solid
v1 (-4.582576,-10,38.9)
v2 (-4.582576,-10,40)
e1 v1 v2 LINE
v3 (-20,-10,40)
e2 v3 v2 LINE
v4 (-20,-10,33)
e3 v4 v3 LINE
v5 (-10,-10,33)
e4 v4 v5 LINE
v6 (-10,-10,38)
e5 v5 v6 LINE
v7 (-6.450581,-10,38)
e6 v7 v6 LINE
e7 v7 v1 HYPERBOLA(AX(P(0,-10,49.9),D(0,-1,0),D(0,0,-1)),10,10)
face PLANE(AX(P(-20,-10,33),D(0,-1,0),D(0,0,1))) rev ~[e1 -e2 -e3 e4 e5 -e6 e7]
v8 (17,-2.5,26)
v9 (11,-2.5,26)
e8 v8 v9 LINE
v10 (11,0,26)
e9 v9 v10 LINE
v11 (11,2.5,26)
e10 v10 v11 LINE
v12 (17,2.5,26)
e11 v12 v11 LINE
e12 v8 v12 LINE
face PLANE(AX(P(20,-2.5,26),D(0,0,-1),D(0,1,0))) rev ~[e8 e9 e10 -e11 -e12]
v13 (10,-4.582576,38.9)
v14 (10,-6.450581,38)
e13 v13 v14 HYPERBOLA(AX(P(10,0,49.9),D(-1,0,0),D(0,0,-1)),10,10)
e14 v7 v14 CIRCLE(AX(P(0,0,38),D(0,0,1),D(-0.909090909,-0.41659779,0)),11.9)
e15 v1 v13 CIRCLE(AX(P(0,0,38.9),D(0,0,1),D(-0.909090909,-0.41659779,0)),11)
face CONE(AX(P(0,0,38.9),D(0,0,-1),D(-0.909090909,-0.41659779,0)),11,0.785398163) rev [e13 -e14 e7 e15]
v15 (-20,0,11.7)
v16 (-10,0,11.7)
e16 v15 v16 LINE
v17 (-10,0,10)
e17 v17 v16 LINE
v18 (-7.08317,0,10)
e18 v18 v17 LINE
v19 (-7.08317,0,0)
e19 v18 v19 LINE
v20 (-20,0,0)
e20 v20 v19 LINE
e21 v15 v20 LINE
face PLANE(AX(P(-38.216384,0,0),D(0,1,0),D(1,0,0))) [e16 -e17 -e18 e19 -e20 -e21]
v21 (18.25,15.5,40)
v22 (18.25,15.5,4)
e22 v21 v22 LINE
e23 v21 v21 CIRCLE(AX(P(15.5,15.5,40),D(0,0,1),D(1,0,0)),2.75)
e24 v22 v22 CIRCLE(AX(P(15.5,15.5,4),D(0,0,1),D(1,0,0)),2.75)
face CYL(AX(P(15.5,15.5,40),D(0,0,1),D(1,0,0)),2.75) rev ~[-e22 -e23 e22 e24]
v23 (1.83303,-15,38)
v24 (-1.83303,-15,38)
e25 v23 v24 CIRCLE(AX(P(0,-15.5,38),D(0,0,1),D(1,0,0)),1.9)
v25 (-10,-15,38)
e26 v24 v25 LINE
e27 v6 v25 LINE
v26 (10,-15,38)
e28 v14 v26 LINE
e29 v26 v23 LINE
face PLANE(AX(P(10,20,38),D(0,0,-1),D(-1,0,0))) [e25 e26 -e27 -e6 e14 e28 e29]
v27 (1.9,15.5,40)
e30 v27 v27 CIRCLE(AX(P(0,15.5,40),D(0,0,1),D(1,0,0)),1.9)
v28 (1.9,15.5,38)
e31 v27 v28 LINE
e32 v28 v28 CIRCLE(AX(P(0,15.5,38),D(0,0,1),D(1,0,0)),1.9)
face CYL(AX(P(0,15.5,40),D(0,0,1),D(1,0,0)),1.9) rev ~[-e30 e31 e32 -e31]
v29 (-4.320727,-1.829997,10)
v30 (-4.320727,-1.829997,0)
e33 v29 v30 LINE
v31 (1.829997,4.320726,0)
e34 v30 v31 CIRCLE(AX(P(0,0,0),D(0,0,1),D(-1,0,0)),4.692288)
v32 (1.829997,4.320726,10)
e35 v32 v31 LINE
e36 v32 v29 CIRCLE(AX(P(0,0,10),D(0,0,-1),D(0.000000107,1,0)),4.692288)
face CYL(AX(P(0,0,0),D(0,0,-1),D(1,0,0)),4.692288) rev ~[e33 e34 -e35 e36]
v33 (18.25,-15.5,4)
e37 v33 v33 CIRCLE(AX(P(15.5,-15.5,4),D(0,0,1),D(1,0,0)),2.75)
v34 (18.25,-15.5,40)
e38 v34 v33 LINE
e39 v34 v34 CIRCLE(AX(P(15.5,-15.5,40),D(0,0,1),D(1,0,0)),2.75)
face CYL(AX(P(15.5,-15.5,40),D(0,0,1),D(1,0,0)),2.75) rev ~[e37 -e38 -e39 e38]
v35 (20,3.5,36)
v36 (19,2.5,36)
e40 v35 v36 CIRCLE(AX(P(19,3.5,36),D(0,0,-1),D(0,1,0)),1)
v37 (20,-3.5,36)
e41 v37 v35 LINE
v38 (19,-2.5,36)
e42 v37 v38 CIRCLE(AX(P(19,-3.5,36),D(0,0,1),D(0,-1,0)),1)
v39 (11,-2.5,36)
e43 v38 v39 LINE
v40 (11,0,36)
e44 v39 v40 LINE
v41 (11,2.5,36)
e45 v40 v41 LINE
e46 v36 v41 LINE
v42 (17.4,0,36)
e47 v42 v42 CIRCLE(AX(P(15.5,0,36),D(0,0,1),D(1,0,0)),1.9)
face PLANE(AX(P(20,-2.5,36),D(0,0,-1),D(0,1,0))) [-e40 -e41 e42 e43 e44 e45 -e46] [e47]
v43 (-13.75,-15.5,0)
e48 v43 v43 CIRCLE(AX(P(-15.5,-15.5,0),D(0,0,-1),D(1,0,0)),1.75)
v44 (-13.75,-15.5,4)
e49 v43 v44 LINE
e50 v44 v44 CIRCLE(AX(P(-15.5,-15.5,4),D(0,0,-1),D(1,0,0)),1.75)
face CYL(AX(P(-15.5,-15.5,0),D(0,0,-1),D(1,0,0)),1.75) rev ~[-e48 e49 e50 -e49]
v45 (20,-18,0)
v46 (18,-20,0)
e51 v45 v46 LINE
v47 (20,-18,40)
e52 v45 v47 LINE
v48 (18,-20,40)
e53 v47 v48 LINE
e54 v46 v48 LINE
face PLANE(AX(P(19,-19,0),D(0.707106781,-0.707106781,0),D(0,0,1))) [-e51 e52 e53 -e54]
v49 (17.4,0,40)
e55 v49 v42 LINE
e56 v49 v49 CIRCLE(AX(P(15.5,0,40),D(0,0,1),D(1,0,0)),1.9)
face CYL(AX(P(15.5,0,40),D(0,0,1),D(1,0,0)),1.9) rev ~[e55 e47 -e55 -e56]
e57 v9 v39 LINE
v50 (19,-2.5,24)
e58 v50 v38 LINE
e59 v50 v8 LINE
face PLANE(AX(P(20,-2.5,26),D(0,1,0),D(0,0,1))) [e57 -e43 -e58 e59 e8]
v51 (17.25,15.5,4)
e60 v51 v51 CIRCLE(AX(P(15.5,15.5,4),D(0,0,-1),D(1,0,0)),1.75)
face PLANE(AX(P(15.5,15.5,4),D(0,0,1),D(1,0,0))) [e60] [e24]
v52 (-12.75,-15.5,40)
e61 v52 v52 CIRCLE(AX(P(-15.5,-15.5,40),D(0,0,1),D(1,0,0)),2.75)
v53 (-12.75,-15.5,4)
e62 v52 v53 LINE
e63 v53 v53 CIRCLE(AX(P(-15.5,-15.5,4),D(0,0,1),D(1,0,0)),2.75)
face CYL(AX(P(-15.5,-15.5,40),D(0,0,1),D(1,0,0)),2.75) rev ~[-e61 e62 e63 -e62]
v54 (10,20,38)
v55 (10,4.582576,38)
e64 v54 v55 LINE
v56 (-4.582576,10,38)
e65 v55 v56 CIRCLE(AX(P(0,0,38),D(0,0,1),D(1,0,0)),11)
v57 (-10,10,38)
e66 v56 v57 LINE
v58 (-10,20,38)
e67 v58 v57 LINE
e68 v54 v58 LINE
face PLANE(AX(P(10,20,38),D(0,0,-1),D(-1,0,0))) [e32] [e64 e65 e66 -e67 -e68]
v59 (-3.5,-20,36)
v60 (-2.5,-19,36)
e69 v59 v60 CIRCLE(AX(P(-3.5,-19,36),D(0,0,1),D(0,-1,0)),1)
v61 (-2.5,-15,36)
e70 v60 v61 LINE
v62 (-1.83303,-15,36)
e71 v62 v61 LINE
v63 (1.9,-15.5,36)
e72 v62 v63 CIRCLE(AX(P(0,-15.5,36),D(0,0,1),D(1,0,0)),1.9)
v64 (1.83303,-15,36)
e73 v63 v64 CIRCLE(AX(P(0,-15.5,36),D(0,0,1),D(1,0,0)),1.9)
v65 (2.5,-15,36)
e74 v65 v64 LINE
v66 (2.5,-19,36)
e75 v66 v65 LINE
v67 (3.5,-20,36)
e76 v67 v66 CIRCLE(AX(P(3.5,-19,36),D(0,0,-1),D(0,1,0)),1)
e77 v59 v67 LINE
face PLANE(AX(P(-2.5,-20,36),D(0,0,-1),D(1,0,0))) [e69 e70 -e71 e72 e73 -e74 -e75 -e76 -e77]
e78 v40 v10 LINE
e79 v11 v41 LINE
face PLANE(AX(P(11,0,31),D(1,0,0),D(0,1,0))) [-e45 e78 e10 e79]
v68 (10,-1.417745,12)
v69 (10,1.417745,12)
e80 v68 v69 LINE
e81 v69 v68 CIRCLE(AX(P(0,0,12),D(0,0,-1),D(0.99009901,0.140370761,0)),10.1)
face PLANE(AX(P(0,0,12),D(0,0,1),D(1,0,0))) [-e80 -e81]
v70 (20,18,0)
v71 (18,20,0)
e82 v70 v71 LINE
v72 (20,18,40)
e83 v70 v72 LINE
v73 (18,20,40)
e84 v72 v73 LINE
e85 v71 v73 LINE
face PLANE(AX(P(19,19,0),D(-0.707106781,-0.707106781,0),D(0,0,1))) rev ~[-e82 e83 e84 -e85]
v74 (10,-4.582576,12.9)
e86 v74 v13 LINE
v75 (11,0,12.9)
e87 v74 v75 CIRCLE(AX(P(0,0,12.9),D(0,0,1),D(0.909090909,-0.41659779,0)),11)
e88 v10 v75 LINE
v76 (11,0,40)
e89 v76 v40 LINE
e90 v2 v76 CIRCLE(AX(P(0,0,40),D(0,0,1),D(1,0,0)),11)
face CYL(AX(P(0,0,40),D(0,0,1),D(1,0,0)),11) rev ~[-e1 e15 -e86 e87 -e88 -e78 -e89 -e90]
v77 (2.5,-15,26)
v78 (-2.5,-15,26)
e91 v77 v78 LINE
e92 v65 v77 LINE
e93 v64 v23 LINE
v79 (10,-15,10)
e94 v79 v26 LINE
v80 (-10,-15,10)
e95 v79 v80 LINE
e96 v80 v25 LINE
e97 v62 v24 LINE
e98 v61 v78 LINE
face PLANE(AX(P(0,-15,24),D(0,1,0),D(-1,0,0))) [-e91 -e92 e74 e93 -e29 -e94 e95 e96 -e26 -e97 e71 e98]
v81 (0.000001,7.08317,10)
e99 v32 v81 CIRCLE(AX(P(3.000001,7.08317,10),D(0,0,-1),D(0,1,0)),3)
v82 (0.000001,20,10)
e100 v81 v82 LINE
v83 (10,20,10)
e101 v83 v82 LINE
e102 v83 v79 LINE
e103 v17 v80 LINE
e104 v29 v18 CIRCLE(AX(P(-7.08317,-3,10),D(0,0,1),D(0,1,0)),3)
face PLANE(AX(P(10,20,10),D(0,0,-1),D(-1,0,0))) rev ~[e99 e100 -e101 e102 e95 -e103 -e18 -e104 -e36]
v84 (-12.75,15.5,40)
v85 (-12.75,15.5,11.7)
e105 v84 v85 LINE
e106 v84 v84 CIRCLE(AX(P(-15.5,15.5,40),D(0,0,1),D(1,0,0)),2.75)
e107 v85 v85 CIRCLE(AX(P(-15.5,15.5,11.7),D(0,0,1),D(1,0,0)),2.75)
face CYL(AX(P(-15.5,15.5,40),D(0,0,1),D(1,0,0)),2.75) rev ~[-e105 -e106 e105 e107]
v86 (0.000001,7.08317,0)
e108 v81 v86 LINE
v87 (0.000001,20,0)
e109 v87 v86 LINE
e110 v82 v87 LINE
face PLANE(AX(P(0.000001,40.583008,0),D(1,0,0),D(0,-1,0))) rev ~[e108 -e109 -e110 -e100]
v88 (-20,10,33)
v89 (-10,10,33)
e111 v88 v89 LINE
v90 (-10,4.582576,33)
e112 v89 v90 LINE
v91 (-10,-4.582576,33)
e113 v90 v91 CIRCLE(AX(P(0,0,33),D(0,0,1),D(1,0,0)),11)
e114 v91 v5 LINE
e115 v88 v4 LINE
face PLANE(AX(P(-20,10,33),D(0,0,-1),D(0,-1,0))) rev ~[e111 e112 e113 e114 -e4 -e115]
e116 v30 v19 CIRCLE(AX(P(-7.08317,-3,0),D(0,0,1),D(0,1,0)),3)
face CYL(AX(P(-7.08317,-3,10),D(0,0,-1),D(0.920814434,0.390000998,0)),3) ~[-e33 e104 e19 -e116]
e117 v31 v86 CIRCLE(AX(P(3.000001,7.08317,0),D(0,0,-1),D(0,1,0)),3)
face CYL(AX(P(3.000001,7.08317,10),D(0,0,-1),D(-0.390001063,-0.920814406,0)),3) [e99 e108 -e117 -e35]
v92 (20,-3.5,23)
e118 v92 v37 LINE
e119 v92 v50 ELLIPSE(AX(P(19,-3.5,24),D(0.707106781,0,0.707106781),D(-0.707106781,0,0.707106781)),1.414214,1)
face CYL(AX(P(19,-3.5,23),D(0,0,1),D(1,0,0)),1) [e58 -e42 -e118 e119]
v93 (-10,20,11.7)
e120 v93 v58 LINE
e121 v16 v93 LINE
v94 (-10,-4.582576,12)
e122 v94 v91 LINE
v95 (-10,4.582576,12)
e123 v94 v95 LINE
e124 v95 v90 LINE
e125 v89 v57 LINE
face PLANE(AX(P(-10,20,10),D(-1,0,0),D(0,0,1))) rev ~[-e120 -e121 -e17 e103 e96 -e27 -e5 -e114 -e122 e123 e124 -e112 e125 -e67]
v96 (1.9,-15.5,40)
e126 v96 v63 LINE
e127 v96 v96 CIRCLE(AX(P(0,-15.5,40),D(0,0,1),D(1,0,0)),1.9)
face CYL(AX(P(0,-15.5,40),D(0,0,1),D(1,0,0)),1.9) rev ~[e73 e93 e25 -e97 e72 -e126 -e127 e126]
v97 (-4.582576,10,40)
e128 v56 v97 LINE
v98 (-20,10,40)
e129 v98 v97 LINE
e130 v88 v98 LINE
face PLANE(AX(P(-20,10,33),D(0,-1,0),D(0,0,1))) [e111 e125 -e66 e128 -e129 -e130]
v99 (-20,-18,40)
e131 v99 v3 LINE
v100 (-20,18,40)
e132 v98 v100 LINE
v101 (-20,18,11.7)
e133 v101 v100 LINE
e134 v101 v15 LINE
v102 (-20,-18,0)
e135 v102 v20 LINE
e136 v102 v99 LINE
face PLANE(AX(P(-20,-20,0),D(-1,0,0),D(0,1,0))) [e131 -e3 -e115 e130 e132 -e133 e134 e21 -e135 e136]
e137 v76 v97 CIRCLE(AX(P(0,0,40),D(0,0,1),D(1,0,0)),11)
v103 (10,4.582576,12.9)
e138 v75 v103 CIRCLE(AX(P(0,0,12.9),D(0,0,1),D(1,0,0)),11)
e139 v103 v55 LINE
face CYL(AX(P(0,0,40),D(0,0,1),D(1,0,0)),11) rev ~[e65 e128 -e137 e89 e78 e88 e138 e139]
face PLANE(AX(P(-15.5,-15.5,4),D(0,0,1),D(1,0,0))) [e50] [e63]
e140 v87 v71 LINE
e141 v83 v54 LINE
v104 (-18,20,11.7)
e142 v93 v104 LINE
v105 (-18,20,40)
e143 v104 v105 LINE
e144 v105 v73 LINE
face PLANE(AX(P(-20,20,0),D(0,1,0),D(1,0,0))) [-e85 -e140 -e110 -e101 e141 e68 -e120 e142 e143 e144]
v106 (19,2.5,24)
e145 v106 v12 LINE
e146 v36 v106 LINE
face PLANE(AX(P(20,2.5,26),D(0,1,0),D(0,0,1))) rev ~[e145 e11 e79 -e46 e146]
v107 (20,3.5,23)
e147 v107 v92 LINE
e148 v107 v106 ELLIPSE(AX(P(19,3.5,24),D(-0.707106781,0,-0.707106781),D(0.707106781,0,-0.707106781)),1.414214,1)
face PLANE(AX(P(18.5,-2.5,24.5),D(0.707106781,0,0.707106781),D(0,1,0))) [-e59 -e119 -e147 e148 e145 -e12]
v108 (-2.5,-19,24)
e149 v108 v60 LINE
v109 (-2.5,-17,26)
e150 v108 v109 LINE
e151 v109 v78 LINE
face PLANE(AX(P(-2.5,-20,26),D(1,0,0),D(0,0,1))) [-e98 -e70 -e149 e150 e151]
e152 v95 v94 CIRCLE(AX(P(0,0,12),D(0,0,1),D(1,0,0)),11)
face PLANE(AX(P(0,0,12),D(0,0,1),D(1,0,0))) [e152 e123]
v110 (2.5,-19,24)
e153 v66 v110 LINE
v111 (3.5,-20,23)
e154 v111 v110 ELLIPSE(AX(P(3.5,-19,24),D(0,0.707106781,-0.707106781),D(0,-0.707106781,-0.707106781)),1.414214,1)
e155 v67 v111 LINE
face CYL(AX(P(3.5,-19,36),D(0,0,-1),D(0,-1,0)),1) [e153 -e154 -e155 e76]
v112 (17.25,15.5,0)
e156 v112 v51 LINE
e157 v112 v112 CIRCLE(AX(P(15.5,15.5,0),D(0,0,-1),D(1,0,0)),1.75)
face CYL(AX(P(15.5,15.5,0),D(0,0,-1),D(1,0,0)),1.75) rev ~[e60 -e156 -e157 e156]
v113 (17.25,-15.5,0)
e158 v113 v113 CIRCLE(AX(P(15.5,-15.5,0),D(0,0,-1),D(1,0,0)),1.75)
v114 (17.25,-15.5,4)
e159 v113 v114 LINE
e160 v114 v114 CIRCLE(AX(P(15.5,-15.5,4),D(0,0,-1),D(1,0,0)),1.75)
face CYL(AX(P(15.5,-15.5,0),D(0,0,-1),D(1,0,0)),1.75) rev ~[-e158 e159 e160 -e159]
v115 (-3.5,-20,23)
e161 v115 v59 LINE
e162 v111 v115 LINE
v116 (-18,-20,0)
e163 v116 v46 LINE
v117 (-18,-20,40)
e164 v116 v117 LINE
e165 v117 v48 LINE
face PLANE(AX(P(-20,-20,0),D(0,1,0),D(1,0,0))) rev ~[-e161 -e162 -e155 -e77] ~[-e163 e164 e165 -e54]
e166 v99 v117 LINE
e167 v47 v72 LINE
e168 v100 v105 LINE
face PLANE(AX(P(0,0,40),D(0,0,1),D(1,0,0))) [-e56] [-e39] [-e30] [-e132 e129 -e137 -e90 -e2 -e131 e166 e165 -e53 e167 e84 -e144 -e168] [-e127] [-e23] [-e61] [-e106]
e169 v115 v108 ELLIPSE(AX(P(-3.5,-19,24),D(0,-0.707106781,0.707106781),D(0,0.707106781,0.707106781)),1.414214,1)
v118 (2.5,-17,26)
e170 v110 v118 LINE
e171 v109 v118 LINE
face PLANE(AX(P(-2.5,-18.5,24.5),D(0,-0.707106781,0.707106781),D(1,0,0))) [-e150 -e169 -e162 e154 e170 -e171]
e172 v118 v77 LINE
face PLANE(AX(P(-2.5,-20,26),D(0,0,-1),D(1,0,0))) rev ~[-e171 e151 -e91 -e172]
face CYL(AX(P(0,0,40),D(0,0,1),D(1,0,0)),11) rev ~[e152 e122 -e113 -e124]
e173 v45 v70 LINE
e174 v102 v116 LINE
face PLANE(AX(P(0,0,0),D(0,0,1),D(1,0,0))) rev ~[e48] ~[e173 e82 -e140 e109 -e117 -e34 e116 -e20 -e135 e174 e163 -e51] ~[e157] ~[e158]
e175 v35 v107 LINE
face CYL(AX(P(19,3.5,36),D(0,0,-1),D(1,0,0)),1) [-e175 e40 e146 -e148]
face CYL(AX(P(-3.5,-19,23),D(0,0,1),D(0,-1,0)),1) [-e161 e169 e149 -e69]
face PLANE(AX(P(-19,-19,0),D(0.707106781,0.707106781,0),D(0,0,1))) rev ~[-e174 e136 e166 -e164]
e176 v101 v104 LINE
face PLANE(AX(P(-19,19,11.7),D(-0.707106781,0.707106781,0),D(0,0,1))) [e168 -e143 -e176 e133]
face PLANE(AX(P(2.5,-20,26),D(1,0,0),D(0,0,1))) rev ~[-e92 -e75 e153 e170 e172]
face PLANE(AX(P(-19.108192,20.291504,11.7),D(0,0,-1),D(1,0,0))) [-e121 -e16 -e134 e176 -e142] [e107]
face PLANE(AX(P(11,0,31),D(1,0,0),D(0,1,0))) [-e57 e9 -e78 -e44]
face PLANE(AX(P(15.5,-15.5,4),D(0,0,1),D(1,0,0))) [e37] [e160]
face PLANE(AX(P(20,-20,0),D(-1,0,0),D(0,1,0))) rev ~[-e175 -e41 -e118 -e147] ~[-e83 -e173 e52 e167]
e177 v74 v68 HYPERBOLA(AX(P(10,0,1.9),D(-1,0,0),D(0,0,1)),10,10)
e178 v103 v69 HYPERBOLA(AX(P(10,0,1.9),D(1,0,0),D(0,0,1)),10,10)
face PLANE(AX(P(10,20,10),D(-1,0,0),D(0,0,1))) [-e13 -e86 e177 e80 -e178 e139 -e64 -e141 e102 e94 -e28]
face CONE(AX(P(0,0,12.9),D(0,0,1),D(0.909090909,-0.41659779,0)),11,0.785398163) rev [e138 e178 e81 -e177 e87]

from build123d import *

# Parameters (mm, degrees)
SKETCH004_W     = 40
SKETCH004_H     = 40
PAD001_DEPTH    = 40
SKETCH005_W     = 38.216385
SKETCH005_H     = 40.583008
POCKET002_DEPTH = 11.7
SKETCH006_R     = 1.75
POCKET003_DEPTH = 40.001
SKETCH007_W     = 20
SKETCH007_H     = 28
POCKET004_DEPTH = 35
SKETCH009_R     = 11
POCKET005_DEPTH = 28
SKETCH011_R     = 2.75
POCKET006_DEPTH = 36
SKETCH012_R     = 1.9
POCKET007_DEPTH = 7
CHAMFER003_SIZE = 0.9
SKETCH020_R     = 4.692288
POCKET013_DEPTH = 40.001
FILLET_R        = 3
SKETCH021_W     = 5
SKETCH021_H     = 10
POCKET014_DEPTH = 9
SKETCH022_W     = 5
SKETCH022_H     = 10
POCKET015_DEPTH = 12
SKETCH023_W     = 20
SKETCH023_H     = 14.49538
POCKET016_DEPTH = 20
CHAMFER006_SIZE = 3
CHAMFER007_SIZE = 2
FILLET001_R     = 1


with BuildPart() as part:
    # Sketch004 → Pad001 (new body)
    with BuildSketch(Plane.XY):
        Rectangle(SKETCH004_W, SKETCH004_H)
    extrude(amount=PAD001_DEPTH)

    # Sketch005 (on Face5 of Pad001) → Pocket002 (cut)
    with BuildSketch(Plane(origin=(0, 0, 0), x_dir=(1, 0, 0), z_dir=(0, 0, -1))):
        with Locations((-19.108192, -20.291504)):
            Rectangle(SKETCH005_W, SKETCH005_H)
    extrude(amount=-POCKET002_DEPTH, mode=Mode.SUBTRACT)

    # Sketch006 (on Face4 of Pocket002) → Pocket003 (cut, through all)
    with BuildSketch(Plane(origin=(0, 0, 0), x_dir=(1, 0, 0), z_dir=(0, 0, -1))):
        with Locations((-15.5, 15.5)):
            Circle(SKETCH006_R)
        with Locations((15.5, 15.5)):
            Circle(SKETCH006_R)
        with Locations((-15.5, -15.5)):
            Circle(SKETCH006_R)
        with Locations((15.5, -15.5)):
            Circle(SKETCH006_R)
    extrude(amount=-POCKET003_DEPTH, mode=Mode.SUBTRACT)

    # Sketch007 (on Face1 of Pocket003) → Pocket004 (cut)
    with BuildSketch(Plane(origin=(0, 20, 0), x_dir=(-1, 0, 0), z_dir=(0, 1, 0))):
        with Locations((0, 24)):
            Rectangle(SKETCH007_W, SKETCH007_H)
    extrude(amount=-POCKET004_DEPTH, mode=Mode.SUBTRACT)

    # Sketch009 (on Face9 of Pocket004) → Pocket005 (cut)
    with BuildSketch(Plane.XY.offset(40)):
        Circle(SKETCH009_R)
    extrude(amount=-POCKET005_DEPTH, mode=Mode.SUBTRACT)

    # Sketch011 (on Face9 of Pocket005) → Pocket006 (cut)
    with BuildSketch(Plane.XY.offset(40)):
        with Locations((-15.5, -15.5)):
            Circle(SKETCH011_R)
        with Locations((-15.5, 15.5)):
            Circle(SKETCH011_R)
        with Locations((15.5, 15.5)):
            Circle(SKETCH011_R)
        with Locations((15.5, -15.5)):
            Circle(SKETCH011_R)
    extrude(amount=-POCKET006_DEPTH, mode=Mode.SUBTRACT)

    # Sketch012 (on Face9 of Pocket006) → Pocket007 (cut)
    with BuildSketch(Plane.XY.offset(40)):
        with Locations((0, 15.5)):
            Circle(SKETCH012_R)
        with Locations((15.5, 0)):
            Circle(SKETCH012_R)
        with Locations((0, -15.5)):
            Circle(SKETCH012_R)
        with Locations((-15.5, 0)):
            Circle(SKETCH012_R)
    extrude(amount=-POCKET007_DEPTH, mode=Mode.SUBTRACT)

    # Chamfer003
    chamfer003_edges = [part.edges().sort_by_distance(p)[0] for p in [
        (10.747093, 2.345208, 12),
        (0, -11, 38),
        (10.747093, -2.345208, 12),
    ]]
    chamfer(chamfer003_edges, length=CHAMFER003_SIZE)

    # Sketch020 (on Face19 of Chamfer003) → Pocket013 (cut, through all)
    with BuildSketch(Plane(origin=(0, 0, 0), x_dir=(1, 0, 0), z_dir=(0, 0, -1))):
        Circle(SKETCH020_R)
    extrude(amount=-POCKET013_DEPTH, mode=Mode.SUBTRACT)

    # Fillet
    fillet_edges = [part.edges().sort_by_distance(p)[0] for p in [
        (-4.692288, 0, 5),
        (0, 4.692288, 5),
    ]]
    fillet(fillet_edges, radius=FILLET_R)

    # Sketch021 (on Face22 of Fillet) → Pocket014 (cut)
    with BuildSketch(Plane.YZ.offset(20)):
        with Locations((0, 31)):
            Rectangle(SKETCH021_W, SKETCH021_H)
    extrude(amount=-POCKET014_DEPTH, mode=Mode.SUBTRACT)

    # Sketch022 → Pocket015 (cut)
    with BuildSketch(Plane.XZ.offset(20)):
        with Locations((0, 31)):
            Rectangle(SKETCH022_W, SKETCH022_H)
    extrude(amount=-POCKET015_DEPTH, mode=Mode.SUBTRACT)

    # Sketch023 (on Face13 of Pocket015) → Pocket016 (cut)
    with BuildSketch(Plane(origin=(-20, 0, 0), x_dir=(0, -1, 0), z_dir=(-1, 0, 0))):
        with Locations((0, 40.24769)):
            Rectangle(SKETCH023_W, SKETCH023_H)
    extrude(amount=-POCKET016_DEPTH, mode=Mode.SUBTRACT)

    # Chamfer006
    chamfer006_edges = [part.edges().sort_by_distance(p)[0] for p in [
        (0, -20, 26),
        (20, 0, 26),
    ]]
    chamfer(chamfer006_edges, length=CHAMFER006_SIZE)

    # Chamfer007
    chamfer007_edges = [part.edges().sort_by_distance(p)[0] for p in [
        (-20, -20, 20),
        (-20, 20, 25.85),
        (20, -20, 20),
        (20, 20, 20),
    ]]
    chamfer(chamfer007_edges, length=CHAMFER007_SIZE)

    # Fillet001
    fillet001_edges = [part.edges().sort_by_distance(p)[0] for p in [
        (-2.5, -20, 31),
        (2.5, -20, 31),
        (20, -2.5, 31),
        (20, 2.5, 31),
    ]]
    fillet(fillet001_edges, radius=FILLET001_R)


solid = part.part
